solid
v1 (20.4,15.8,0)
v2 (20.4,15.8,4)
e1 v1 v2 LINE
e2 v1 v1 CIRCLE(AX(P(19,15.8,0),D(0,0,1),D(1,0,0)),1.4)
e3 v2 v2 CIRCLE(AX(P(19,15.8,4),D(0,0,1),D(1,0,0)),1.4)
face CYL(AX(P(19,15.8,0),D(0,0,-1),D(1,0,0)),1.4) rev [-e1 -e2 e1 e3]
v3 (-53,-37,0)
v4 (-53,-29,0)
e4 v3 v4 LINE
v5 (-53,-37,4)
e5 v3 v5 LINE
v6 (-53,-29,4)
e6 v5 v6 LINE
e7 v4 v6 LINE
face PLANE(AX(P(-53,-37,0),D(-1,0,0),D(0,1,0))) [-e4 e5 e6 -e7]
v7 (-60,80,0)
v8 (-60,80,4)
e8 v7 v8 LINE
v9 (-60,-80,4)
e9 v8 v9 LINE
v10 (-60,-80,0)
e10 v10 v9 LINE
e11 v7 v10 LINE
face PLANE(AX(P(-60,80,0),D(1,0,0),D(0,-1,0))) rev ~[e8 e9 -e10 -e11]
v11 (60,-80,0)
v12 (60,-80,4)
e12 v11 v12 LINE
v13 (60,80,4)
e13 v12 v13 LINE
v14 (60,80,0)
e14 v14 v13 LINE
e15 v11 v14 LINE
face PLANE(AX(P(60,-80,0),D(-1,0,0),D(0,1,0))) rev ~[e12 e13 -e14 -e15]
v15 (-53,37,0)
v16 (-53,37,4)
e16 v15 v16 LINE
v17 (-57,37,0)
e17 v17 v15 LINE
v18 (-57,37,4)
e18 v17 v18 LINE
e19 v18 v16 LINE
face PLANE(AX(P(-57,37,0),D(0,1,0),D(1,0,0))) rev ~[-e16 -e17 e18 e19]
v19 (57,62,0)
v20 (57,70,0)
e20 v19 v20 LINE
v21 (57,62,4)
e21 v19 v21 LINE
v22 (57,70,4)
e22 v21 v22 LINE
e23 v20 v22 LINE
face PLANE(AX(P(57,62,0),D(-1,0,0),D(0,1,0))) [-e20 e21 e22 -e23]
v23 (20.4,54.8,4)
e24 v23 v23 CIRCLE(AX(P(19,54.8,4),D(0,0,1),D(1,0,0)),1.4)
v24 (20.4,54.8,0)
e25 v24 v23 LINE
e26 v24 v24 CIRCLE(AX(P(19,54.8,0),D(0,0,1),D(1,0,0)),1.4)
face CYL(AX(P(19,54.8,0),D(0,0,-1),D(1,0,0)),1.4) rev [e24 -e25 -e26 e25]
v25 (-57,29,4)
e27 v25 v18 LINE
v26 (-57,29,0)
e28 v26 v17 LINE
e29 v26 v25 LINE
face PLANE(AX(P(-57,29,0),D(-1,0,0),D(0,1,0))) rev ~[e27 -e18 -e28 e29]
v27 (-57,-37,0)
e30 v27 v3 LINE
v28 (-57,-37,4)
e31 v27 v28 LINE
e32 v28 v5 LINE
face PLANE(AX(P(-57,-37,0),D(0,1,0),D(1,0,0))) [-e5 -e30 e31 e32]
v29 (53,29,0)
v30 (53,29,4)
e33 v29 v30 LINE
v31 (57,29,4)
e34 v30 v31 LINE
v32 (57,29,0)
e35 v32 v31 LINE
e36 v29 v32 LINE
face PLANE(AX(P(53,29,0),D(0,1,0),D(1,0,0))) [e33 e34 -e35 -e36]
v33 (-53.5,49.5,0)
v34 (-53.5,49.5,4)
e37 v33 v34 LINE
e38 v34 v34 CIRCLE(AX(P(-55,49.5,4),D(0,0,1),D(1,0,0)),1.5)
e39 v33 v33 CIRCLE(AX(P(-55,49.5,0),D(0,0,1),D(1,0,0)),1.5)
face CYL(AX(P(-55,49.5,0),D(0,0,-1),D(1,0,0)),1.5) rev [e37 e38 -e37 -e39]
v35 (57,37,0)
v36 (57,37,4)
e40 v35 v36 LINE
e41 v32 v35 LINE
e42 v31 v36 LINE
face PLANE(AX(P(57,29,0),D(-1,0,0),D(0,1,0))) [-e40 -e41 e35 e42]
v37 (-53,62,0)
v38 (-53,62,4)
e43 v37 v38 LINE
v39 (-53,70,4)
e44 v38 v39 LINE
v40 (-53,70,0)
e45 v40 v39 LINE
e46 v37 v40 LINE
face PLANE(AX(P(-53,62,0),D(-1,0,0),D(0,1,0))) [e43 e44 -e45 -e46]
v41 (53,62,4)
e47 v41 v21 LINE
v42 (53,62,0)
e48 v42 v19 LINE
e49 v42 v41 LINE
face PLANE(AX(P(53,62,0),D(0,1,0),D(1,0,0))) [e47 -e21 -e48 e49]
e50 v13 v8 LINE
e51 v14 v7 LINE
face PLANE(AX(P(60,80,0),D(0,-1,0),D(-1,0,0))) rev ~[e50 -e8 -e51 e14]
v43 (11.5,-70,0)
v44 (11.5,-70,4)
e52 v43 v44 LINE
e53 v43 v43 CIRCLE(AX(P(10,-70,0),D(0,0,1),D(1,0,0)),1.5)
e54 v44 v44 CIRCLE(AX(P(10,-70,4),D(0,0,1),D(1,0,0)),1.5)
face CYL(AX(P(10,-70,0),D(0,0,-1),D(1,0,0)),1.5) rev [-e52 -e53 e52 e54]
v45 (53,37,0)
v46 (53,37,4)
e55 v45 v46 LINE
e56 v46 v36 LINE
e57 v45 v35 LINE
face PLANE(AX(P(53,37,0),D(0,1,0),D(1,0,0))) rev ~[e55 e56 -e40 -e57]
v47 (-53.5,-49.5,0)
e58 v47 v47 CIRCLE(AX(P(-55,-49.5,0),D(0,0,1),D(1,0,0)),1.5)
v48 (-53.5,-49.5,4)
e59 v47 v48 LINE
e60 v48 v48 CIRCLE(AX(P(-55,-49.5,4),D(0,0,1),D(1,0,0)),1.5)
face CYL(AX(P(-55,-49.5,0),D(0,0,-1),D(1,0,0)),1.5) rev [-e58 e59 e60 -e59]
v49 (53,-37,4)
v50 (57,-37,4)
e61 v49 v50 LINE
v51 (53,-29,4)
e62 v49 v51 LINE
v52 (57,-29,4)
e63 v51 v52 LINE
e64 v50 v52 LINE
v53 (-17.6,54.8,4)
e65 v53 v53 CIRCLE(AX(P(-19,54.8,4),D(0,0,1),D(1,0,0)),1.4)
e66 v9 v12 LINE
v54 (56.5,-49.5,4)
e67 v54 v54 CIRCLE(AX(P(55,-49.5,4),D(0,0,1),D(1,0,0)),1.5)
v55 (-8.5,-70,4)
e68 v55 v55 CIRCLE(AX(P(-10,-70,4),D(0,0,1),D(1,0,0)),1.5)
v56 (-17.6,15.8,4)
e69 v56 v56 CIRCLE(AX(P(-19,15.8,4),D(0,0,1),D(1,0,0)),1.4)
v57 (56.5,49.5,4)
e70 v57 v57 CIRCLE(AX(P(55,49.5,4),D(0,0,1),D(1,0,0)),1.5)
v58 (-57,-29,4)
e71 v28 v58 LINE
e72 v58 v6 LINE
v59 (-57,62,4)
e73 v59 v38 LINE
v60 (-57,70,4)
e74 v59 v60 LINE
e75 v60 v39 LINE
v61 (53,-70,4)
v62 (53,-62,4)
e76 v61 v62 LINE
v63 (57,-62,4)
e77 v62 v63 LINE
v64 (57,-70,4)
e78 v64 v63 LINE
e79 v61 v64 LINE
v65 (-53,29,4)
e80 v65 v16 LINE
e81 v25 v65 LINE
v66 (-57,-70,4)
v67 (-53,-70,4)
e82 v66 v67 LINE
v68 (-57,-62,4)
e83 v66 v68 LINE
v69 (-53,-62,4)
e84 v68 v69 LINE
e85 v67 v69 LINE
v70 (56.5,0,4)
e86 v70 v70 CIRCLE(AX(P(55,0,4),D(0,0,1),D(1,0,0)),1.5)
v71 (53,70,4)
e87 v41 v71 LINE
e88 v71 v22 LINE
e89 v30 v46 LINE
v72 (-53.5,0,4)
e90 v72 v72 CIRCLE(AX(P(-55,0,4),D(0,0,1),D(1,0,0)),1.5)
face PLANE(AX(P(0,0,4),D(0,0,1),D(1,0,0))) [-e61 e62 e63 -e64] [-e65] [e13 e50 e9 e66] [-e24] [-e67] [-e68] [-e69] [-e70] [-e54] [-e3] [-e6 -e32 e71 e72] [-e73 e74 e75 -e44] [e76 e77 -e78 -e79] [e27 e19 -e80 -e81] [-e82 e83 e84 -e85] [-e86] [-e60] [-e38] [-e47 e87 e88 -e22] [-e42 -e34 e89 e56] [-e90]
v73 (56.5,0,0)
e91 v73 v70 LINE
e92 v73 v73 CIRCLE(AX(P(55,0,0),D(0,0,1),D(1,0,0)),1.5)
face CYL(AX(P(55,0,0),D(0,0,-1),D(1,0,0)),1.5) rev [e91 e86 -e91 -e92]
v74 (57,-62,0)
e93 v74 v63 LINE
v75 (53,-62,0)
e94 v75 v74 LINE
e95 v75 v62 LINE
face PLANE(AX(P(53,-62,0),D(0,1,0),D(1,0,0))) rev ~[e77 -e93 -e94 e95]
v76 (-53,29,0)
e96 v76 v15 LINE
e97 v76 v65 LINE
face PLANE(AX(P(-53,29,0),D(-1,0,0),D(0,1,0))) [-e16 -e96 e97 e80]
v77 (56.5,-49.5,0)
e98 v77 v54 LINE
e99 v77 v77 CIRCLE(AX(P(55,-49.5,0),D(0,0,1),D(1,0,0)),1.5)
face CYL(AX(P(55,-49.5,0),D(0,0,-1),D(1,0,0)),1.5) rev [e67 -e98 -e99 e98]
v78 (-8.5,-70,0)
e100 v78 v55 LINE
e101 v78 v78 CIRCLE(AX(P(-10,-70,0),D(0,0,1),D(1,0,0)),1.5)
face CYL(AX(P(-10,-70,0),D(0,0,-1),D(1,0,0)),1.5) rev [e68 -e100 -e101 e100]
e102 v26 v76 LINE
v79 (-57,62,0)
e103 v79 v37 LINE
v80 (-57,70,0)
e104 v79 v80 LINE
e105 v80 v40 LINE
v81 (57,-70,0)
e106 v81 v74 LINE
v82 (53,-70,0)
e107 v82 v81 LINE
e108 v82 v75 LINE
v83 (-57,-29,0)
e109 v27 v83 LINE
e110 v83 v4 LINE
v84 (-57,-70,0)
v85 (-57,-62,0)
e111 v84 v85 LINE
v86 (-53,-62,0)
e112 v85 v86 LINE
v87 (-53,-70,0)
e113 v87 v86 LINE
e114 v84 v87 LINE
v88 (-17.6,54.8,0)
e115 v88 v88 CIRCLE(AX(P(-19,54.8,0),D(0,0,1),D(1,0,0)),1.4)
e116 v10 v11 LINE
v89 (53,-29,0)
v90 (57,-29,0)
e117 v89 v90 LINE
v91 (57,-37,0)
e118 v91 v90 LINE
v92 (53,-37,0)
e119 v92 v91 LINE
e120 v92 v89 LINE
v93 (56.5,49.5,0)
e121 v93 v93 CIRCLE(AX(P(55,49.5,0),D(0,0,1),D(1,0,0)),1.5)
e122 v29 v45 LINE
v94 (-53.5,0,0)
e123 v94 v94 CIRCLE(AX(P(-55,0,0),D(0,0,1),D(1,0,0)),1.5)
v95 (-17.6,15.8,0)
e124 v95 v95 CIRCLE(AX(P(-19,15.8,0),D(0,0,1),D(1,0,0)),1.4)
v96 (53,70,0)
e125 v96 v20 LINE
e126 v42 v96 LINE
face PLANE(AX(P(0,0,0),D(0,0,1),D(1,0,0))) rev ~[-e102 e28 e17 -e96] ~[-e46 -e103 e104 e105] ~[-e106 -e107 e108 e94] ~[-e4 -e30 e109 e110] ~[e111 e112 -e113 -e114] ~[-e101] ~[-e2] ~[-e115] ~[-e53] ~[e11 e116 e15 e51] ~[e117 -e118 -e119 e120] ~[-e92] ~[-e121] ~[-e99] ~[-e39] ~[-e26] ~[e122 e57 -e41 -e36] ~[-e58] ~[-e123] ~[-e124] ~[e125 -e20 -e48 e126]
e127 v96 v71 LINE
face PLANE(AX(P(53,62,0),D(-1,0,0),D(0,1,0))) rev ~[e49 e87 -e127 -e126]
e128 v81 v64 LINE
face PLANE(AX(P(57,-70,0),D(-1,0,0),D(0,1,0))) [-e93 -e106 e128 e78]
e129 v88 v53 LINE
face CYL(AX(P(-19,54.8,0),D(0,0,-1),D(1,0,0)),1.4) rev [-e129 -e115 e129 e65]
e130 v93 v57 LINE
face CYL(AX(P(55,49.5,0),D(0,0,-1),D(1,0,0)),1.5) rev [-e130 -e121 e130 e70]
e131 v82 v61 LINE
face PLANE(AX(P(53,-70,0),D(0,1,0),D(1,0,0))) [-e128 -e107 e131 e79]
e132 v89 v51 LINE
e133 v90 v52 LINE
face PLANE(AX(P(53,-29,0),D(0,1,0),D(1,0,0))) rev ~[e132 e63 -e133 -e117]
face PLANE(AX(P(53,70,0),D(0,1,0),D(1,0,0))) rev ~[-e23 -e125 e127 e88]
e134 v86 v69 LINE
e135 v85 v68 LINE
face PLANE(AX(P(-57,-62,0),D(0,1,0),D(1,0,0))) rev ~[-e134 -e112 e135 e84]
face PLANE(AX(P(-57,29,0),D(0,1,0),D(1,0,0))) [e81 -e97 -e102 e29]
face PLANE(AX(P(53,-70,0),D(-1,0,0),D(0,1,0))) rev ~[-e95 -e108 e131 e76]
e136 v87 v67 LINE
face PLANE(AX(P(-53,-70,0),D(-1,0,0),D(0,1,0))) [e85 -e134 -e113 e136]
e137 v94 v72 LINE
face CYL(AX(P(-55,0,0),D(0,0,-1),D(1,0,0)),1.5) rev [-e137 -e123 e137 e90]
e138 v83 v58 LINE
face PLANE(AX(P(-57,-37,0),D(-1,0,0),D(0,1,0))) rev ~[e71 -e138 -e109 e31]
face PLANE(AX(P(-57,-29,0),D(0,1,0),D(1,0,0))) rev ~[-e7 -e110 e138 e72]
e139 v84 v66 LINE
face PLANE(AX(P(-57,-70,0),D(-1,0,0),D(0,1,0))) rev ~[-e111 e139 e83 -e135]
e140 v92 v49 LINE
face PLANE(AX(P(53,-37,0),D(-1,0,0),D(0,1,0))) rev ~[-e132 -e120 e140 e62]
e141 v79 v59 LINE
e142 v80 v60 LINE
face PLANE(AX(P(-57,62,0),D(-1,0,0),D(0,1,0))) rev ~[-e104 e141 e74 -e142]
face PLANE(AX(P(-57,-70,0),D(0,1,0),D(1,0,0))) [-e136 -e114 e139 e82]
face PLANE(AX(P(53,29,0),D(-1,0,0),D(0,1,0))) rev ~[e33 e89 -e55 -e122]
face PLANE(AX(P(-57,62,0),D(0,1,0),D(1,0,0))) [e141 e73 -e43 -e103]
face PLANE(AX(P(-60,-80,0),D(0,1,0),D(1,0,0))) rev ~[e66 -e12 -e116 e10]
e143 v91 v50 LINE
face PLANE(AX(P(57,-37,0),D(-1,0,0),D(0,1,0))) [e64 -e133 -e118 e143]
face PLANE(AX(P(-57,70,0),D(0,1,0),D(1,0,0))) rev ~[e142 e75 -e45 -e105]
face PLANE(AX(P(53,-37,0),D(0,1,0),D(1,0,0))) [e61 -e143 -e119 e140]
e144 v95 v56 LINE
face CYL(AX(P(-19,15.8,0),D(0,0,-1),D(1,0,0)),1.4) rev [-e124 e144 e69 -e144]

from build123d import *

# Parameters (mm, degrees)
SKETCH1_W           = 4
SKETCH1_H           = 8
SKETCH1_R           = 1.5
SKETCH1_R_2         = 1.4
BOSS_EXTRUDE2_DEPTH = 4


with BuildPart() as part:
    # Sketch1 → Boss-Extrude2 (new body)
    with BuildSketch(Plane.XY):
        Polygon((-10, 80), (-60, 80), (-60, -80), (60, -80), (60, 80), (10, 80), align=None)
        with Locations((-55, -66)):
            Rectangle(SKETCH1_W, SKETCH1_H, mode=Mode.SUBTRACT)
        with Locations((-55, -49.5)):
            Circle(SKETCH1_R, mode=Mode.SUBTRACT)
        with Locations((-10, -70)):
            Circle(SKETCH1_R, mode=Mode.SUBTRACT)
        with Locations((-55, -33)):
            Rectangle(SKETCH1_W, SKETCH1_H, mode=Mode.SUBTRACT)
        with Locations((10, -70)):
            Circle(SKETCH1_R, mode=Mode.SUBTRACT)
        with Locations((55, -66)):
            Rectangle(SKETCH1_W, SKETCH1_H, mode=Mode.SUBTRACT)
        with Locations((55, -49.5)):
            Circle(SKETCH1_R, mode=Mode.SUBTRACT)
        with Locations((55, -33)):
            Rectangle(SKETCH1_W, SKETCH1_H, mode=Mode.SUBTRACT)
        with Locations((-55, 0)):
            Circle(SKETCH1_R, mode=Mode.SUBTRACT)
        with Locations((-55, 33)):
            Rectangle(SKETCH1_W, SKETCH1_H, mode=Mode.SUBTRACT)
        with Locations((-19, 15.8)):
            Circle(SKETCH1_R_2, mode=Mode.SUBTRACT)
        with Locations((-55, 49.5)):
            Circle(SKETCH1_R, mode=Mode.SUBTRACT)
        with Locations((-55, 66)):
            Rectangle(SKETCH1_W, SKETCH1_H, mode=Mode.SUBTRACT)
        with Locations((-19, 54.8)):
            Circle(SKETCH1_R_2, mode=Mode.SUBTRACT)
        with Locations((19, 15.8)):
            Circle(SKETCH1_R_2, mode=Mode.SUBTRACT)
        with Locations((55, 0)):
            Circle(SKETCH1_R, mode=Mode.SUBTRACT)
        with Locations((55, 33)):
            Rectangle(SKETCH1_W, SKETCH1_H, mode=Mode.SUBTRACT)
        with Locations((19, 54.8)):
            Circle(SKETCH1_R_2, mode=Mode.SUBTRACT)
        with Locations((55, 49.5)):
            Circle(SKETCH1_R, mode=Mode.SUBTRACT)
        with Locations((55, 66)):
            Rectangle(SKETCH1_W, SKETCH1_H, mode=Mode.SUBTRACT)
    extrude(amount=BOSS_EXTRUDE2_DEPTH)


solid = part.part
